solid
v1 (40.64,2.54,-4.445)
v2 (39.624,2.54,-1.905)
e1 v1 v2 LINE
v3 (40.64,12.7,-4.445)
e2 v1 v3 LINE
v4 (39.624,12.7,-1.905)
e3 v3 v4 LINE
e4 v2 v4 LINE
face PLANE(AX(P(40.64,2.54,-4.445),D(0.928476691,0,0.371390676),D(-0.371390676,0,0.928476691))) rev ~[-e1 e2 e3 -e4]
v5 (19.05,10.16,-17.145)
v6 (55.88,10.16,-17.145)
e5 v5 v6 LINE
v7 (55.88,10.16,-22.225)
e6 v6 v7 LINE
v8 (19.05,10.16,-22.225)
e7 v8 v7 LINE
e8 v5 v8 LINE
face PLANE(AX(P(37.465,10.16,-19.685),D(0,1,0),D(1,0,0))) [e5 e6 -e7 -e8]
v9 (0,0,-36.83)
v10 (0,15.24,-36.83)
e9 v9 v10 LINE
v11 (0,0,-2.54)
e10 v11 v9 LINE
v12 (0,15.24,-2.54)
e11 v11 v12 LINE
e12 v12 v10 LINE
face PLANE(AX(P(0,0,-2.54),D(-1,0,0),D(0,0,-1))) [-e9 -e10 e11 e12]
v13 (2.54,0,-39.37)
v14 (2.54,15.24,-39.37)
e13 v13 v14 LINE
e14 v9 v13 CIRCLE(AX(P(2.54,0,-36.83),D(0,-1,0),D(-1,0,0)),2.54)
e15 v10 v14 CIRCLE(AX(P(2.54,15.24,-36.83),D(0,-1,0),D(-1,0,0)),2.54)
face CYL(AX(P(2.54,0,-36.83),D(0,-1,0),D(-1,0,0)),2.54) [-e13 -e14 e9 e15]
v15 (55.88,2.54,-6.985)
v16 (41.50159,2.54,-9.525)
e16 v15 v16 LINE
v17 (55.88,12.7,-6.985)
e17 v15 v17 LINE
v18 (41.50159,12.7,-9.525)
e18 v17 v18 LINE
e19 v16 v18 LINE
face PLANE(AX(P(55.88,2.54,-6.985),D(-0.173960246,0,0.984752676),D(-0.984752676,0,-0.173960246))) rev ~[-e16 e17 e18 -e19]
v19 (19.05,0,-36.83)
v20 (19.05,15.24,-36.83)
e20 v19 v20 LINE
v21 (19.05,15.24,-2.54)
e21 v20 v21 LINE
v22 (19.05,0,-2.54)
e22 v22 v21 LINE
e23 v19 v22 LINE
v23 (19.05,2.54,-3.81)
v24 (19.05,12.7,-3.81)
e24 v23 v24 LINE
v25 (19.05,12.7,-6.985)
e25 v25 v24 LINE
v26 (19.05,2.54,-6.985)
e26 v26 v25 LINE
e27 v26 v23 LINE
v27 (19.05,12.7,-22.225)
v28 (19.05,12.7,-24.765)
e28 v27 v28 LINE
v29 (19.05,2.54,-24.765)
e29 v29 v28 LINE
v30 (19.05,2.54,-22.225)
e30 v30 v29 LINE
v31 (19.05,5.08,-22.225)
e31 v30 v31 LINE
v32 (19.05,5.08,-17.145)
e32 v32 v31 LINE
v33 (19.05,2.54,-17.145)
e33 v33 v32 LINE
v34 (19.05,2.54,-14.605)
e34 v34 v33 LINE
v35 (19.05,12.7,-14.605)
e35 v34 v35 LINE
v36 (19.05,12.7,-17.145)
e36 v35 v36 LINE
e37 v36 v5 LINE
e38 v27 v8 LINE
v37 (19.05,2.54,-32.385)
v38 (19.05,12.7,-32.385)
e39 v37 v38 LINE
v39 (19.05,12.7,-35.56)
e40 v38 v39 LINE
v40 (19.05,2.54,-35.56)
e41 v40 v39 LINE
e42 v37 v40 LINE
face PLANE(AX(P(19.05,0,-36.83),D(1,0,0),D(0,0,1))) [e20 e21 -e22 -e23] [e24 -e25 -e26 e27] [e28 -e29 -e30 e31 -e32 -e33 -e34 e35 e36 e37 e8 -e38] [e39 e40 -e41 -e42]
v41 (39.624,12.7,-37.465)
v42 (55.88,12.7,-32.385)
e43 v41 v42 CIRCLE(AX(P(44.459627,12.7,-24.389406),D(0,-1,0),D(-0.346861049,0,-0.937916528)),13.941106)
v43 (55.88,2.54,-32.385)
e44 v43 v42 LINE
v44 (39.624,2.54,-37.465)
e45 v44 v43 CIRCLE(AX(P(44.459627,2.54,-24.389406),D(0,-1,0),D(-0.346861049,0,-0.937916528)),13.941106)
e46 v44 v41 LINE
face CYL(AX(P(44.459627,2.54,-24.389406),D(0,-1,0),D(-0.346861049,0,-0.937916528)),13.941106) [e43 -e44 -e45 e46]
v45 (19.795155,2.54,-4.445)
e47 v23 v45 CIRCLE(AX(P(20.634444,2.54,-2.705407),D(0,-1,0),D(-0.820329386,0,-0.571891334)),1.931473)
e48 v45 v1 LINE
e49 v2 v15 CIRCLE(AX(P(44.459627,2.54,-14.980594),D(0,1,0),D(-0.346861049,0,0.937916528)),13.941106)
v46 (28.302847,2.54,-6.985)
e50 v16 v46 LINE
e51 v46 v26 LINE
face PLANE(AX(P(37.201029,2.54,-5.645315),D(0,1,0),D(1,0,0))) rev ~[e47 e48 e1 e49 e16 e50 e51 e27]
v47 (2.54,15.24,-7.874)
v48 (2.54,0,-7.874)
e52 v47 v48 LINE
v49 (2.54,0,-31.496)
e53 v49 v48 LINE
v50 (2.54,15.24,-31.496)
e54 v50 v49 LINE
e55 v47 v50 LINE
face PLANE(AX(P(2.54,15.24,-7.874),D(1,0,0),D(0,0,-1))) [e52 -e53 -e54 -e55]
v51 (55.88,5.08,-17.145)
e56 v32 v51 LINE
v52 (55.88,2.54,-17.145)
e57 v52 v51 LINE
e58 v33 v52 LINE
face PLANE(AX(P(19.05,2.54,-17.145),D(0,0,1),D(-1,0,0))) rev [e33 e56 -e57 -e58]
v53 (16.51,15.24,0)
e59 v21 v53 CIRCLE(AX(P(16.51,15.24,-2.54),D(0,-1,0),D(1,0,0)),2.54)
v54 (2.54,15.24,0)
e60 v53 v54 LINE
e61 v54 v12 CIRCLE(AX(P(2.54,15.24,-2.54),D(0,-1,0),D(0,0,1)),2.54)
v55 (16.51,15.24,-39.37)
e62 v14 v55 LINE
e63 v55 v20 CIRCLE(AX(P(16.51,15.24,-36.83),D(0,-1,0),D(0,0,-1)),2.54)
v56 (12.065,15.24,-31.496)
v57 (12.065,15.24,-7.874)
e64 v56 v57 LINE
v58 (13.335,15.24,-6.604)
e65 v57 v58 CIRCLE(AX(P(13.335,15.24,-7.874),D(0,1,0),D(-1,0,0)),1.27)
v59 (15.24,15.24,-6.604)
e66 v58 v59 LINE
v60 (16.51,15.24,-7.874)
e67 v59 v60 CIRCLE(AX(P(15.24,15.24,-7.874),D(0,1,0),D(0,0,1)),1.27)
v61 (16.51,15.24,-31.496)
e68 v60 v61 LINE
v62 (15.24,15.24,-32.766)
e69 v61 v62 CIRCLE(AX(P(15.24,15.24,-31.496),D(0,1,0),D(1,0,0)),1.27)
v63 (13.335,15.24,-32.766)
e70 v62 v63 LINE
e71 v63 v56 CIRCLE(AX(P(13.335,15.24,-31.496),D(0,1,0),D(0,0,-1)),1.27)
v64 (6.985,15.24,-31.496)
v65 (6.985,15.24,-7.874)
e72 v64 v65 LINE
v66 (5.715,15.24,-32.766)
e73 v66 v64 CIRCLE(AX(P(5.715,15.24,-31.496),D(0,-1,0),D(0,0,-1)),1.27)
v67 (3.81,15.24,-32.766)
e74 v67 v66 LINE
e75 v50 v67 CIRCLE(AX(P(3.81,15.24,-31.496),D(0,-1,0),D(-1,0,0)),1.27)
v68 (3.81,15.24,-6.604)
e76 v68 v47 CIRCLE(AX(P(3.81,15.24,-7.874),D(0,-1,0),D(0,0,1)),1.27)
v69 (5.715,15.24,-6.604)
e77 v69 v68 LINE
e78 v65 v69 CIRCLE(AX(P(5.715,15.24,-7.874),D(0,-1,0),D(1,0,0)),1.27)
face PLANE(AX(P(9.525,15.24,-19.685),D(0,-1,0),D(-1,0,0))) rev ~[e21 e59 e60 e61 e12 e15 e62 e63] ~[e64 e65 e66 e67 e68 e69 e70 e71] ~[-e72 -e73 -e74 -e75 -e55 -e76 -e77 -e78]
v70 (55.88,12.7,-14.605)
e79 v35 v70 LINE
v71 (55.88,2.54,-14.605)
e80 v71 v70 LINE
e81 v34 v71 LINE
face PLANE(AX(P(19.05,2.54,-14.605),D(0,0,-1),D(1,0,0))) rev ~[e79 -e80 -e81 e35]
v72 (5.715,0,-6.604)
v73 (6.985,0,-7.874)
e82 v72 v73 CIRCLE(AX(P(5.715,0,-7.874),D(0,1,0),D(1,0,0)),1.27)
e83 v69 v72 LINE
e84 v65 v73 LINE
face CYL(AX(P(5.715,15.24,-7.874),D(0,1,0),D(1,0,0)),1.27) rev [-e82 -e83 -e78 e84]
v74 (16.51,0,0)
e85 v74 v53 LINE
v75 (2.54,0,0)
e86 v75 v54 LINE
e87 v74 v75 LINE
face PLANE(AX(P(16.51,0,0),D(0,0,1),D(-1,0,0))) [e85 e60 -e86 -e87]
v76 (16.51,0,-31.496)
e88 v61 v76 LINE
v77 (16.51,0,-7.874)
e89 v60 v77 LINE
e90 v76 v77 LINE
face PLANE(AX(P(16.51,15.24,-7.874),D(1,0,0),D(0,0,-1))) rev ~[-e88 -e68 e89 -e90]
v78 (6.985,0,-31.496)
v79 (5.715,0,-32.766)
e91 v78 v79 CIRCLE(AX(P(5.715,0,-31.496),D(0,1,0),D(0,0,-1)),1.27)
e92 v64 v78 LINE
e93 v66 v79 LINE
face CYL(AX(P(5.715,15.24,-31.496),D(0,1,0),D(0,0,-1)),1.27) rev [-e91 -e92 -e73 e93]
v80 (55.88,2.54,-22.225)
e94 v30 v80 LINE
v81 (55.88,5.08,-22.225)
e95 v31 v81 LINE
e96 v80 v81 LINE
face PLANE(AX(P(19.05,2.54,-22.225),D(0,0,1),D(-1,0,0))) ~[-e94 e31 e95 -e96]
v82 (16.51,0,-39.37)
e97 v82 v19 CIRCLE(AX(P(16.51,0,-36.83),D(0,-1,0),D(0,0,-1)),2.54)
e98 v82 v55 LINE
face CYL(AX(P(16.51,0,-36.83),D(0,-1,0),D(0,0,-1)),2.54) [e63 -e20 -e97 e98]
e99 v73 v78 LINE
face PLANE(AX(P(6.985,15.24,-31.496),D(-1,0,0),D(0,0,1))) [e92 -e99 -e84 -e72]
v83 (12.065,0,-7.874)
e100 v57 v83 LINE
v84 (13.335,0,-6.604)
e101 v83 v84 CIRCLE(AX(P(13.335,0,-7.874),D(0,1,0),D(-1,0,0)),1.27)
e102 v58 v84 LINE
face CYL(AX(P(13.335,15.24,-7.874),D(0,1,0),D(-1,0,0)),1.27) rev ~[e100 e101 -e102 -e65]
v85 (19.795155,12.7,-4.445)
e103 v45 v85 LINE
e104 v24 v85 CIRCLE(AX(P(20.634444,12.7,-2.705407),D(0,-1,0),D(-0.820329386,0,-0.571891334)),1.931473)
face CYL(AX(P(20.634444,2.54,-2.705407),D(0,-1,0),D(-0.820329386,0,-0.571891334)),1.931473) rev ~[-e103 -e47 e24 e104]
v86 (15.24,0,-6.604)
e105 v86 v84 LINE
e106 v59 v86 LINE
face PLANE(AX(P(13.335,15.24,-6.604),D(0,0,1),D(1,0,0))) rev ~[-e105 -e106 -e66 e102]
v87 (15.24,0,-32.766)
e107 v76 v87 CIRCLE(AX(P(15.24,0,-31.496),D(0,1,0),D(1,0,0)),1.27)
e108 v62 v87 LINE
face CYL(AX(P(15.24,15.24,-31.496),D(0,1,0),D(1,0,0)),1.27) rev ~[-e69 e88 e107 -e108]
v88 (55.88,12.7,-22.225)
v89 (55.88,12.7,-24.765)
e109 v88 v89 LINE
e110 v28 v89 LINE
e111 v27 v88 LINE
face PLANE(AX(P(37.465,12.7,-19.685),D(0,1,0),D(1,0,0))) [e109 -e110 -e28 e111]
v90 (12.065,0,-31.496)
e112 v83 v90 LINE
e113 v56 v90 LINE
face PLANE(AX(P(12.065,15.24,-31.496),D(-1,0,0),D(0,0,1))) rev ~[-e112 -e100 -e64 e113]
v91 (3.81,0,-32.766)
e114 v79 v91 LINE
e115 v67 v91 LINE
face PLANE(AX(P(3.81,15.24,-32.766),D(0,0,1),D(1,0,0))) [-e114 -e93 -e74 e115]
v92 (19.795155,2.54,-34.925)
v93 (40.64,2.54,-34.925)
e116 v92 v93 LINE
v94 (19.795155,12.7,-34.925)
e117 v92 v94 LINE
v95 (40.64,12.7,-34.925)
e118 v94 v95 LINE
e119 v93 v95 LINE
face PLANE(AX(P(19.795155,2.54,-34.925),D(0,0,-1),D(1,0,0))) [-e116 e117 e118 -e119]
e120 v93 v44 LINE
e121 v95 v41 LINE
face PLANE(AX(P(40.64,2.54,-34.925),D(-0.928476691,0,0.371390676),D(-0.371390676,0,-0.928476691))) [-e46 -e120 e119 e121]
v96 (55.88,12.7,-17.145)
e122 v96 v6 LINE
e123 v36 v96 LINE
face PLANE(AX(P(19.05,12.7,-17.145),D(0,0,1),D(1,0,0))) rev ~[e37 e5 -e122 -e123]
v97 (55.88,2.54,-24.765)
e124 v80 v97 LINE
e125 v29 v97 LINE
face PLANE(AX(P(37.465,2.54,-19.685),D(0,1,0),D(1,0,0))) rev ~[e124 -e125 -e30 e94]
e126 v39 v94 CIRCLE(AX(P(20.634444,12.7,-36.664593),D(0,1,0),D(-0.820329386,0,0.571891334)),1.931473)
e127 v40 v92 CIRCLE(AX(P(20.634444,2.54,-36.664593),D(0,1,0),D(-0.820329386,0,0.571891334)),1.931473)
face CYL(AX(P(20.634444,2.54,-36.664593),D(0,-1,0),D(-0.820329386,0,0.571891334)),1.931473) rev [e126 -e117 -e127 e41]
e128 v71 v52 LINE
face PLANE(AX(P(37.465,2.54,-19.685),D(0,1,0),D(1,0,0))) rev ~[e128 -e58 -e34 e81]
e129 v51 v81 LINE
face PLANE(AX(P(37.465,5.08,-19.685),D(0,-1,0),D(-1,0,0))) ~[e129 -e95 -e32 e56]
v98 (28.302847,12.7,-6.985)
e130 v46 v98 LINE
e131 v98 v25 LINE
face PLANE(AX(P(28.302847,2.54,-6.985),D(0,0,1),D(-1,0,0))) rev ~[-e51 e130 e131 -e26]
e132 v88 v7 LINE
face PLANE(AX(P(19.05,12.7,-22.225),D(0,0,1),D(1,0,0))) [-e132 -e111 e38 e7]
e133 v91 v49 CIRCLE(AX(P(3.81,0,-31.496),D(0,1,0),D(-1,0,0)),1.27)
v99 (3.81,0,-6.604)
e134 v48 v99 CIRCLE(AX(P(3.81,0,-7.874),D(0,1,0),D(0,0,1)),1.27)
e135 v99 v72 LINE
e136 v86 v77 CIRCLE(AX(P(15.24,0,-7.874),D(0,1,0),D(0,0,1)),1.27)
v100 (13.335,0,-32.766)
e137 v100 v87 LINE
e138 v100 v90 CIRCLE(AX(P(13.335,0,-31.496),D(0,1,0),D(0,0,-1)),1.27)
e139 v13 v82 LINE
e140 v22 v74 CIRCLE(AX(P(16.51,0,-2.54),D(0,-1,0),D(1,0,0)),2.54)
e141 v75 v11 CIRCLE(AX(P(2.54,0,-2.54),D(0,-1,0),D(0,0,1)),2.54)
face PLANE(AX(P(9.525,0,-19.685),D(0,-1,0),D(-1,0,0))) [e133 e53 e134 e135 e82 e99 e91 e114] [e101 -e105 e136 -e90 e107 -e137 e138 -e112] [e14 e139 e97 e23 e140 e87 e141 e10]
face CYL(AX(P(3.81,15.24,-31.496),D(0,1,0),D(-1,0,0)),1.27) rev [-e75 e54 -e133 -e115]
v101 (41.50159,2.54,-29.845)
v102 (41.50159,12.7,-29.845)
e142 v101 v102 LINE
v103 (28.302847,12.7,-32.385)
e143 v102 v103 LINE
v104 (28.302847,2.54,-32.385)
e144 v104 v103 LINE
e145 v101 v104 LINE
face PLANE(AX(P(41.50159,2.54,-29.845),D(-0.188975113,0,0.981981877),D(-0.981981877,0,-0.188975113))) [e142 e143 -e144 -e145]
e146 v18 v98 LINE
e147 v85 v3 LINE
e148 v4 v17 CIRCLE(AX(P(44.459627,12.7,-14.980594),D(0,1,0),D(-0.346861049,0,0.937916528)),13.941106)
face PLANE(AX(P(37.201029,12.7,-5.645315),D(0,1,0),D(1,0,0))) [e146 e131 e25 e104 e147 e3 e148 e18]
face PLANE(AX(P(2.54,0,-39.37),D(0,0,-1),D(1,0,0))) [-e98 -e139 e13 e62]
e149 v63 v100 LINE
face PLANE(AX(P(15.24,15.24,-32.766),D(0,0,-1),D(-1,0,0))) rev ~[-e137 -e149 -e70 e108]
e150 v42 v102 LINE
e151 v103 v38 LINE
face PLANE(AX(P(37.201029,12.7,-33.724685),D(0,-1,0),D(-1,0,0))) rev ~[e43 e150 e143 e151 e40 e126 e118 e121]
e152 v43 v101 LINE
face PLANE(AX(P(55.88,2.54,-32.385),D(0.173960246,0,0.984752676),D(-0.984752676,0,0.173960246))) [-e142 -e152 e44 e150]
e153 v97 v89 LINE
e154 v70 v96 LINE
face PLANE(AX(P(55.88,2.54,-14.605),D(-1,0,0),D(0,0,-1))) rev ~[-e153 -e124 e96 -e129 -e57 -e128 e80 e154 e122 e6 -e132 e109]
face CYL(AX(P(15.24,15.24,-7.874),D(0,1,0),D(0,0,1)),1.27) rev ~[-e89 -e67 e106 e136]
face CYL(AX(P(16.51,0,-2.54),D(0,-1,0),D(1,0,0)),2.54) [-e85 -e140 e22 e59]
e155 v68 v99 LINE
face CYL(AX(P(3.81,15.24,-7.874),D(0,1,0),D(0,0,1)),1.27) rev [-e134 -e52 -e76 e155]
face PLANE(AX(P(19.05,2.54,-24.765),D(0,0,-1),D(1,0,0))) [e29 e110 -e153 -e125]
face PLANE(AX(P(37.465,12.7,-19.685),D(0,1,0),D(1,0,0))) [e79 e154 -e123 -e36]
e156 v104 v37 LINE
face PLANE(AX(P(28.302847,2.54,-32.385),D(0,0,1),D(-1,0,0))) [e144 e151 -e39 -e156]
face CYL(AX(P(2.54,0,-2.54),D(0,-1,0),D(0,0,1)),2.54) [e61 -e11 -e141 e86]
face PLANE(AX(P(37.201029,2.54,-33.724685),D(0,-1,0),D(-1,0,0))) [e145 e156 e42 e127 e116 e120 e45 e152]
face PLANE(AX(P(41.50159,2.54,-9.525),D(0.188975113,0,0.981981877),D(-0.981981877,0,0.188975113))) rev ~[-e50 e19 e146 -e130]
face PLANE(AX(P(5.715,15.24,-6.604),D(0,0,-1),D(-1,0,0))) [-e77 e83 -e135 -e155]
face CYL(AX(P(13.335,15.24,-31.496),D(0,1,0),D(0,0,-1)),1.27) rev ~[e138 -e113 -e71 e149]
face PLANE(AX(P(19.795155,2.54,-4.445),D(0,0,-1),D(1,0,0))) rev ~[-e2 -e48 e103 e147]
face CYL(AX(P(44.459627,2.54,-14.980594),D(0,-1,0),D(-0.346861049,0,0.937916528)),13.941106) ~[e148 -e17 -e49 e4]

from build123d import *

# Parameters (mm, degrees)
BOSS_EXTRUDE1_DEPTH = 15.24
CUT_EXTRUDE1_DEPTH  = 47.315839623
SKETCH5_W           = 36.83
SKETCH5_H           = 10.16
BOSS_EXTRUDE2_DEPTH = 10.16
SKETCH7_W           = 36.83
SKETCH7_H           = 5.08
CUT_EXTRUDE2_DEPTH  = 2.54


with BuildPart() as part:
    # Sketch1 → Boss-Extrude1 (new body)
    with BuildSketch(Plane(origin=(0, 0, 0), x_dir=(1, 0, 0), z_dir=(0, 1, 0))):
        with BuildLine():
            Line((19.05, 36.83), (19.05, 2.54))
            ThreePointArc((19.05, 2.54), (18.306051224, 0.743948776), (16.51, 0))
            Line((16.51, 0), (2.54, 0))
            ThreePointArc((2.54, 0), (0.743948776, 0.743948776), (0, 2.54))
            Line((0, 2.54), (0, 36.83))
            ThreePointArc((0, 36.83), (0.743948776, 38.626051224), (2.54, 39.37))
            Line((2.54, 39.37), (16.51, 39.37))
            ThreePointArc((16.51, 39.37), (18.306051224, 38.626051224), (19.05, 36.83))
        make_face()
    extrude(amount=BOSS_EXTRUDE1_DEPTH)

    # Sketch3 → Cut-Extrude1 (cut, through all)
    with BuildSketch(Plane(origin=(0, 15.24, 0), x_dir=(1, 0, 0), z_dir=(0, 1, 0))):
        with BuildLine():
            Line((6.985, 31.496), (6.985, 7.874))
            ThreePointArc((6.985, 7.874), (6.613025612, 6.975974388), (5.715, 6.604))
            Line((5.715, 6.604), (3.81, 6.604))
            ThreePointArc((3.81, 6.604), (2.911974388, 6.975974388), (2.54, 7.874))
            Line((2.54, 7.874), (2.54, 31.496))
            ThreePointArc((2.54, 31.496), (2.911974388, 32.394025612), (3.81, 32.766))
            Line((3.81, 32.766), (5.715, 32.766))
            ThreePointArc((5.715, 32.766), (6.613025612, 32.394025612), (6.985, 31.496))
        make_face()
        with BuildLine():
            Line((12.065, 31.496), (12.065, 7.874))
            ThreePointArc((12.065, 7.874), (12.436974388, 6.975974388), (13.335, 6.604))
            Line((13.335, 6.604), (15.24, 6.604))
            ThreePointArc((15.24, 6.604), (16.138025612, 6.975974388), (16.51, 7.874))
            Line((16.51, 7.874), (16.51, 31.496))
            ThreePointArc((16.51, 31.496), (16.138025612, 32.394025612), (15.24, 32.766))
            Line((15.24, 32.766), (13.335, 32.766))
            ThreePointArc((13.335, 32.766), (12.436974388, 32.394025612), (12.065, 31.496))
        make_face()
    extrude(amount=-CUT_EXTRUDE1_DEPTH, mode=Mode.SUBTRACT)

    # Sketch5 → Boss-Extrude2 (add)
    with BuildSketch(Plane(origin=(0, 2.54, 0), x_dir=(1, 0, 0), z_dir=(0, 1, 0))):
        with BuildLine():
            Line((19.795155373, 34.925), (40.64, 34.925))
            Line((40.64, 34.925), (39.624, 37.465))
            ThreePointArc((39.624, 37.465), (48.617910258, 37.695912826), (55.88, 32.385))
            Line((55.88, 32.385), (41.501589711, 29.845))
            Line((41.501589711, 29.845), (28.302846613, 32.385))
            Line((28.302846613, 32.385), (19.338620701, 32.385))
            Line((19.338620701, 32.385), (19.05, 32.385))
            Line((19.05, 32.385), (19.05, 35.56))
            ThreePointArc((19.05, 35.56), (19.381676592, 35.194503669), (19.795155373, 34.925))
        make_face()
        with Locations((37.465, 19.685)):
            Rectangle(SKETCH5_W, SKETCH5_H)
        with BuildLine():
            Line((19.795155373, 4.445), (40.64, 4.445))
            Line((40.64, 4.445), (39.624, 1.905))
            ThreePointArc((39.624, 1.905), (48.617910258, 1.674087174), (55.88, 6.985))
            Line((55.88, 6.985), (41.501589711, 9.525))
            Line((41.501589711, 9.525), (28.302846613, 6.985))
            Line((28.302846613, 6.985), (19.338620701, 6.985))
            Line((19.338620701, 6.985), (19.05, 6.985))
            Line((19.05, 6.985), (19.05, 3.81))
            ThreePointArc((19.05, 3.81), (19.381676592, 4.175496331), (19.795155373, 4.445))
        make_face()
    extrude(amount=BOSS_EXTRUDE2_DEPTH)

    # Sketch7 → Cut-Extrude2 (cut)
    with BuildSketch(Plane(origin=(0, 12.7, 0), x_dir=(1, 0, 0), z_dir=(0, 1, 0))):
        with Locations((37.465, 19.685)):
            Rectangle(SKETCH7_W, SKETCH7_H)
    cut_extrude2 = extrude(amount=-CUT_EXTRUDE2_DEPTH, mode=Mode.SUBTRACT)

    # Mirror1: Cut-Extrude2 across plane
    add(cut_extrude2.mirror(Plane.ZX.offset(7.62)), mode=Mode.SUBTRACT)


solid = part.part
